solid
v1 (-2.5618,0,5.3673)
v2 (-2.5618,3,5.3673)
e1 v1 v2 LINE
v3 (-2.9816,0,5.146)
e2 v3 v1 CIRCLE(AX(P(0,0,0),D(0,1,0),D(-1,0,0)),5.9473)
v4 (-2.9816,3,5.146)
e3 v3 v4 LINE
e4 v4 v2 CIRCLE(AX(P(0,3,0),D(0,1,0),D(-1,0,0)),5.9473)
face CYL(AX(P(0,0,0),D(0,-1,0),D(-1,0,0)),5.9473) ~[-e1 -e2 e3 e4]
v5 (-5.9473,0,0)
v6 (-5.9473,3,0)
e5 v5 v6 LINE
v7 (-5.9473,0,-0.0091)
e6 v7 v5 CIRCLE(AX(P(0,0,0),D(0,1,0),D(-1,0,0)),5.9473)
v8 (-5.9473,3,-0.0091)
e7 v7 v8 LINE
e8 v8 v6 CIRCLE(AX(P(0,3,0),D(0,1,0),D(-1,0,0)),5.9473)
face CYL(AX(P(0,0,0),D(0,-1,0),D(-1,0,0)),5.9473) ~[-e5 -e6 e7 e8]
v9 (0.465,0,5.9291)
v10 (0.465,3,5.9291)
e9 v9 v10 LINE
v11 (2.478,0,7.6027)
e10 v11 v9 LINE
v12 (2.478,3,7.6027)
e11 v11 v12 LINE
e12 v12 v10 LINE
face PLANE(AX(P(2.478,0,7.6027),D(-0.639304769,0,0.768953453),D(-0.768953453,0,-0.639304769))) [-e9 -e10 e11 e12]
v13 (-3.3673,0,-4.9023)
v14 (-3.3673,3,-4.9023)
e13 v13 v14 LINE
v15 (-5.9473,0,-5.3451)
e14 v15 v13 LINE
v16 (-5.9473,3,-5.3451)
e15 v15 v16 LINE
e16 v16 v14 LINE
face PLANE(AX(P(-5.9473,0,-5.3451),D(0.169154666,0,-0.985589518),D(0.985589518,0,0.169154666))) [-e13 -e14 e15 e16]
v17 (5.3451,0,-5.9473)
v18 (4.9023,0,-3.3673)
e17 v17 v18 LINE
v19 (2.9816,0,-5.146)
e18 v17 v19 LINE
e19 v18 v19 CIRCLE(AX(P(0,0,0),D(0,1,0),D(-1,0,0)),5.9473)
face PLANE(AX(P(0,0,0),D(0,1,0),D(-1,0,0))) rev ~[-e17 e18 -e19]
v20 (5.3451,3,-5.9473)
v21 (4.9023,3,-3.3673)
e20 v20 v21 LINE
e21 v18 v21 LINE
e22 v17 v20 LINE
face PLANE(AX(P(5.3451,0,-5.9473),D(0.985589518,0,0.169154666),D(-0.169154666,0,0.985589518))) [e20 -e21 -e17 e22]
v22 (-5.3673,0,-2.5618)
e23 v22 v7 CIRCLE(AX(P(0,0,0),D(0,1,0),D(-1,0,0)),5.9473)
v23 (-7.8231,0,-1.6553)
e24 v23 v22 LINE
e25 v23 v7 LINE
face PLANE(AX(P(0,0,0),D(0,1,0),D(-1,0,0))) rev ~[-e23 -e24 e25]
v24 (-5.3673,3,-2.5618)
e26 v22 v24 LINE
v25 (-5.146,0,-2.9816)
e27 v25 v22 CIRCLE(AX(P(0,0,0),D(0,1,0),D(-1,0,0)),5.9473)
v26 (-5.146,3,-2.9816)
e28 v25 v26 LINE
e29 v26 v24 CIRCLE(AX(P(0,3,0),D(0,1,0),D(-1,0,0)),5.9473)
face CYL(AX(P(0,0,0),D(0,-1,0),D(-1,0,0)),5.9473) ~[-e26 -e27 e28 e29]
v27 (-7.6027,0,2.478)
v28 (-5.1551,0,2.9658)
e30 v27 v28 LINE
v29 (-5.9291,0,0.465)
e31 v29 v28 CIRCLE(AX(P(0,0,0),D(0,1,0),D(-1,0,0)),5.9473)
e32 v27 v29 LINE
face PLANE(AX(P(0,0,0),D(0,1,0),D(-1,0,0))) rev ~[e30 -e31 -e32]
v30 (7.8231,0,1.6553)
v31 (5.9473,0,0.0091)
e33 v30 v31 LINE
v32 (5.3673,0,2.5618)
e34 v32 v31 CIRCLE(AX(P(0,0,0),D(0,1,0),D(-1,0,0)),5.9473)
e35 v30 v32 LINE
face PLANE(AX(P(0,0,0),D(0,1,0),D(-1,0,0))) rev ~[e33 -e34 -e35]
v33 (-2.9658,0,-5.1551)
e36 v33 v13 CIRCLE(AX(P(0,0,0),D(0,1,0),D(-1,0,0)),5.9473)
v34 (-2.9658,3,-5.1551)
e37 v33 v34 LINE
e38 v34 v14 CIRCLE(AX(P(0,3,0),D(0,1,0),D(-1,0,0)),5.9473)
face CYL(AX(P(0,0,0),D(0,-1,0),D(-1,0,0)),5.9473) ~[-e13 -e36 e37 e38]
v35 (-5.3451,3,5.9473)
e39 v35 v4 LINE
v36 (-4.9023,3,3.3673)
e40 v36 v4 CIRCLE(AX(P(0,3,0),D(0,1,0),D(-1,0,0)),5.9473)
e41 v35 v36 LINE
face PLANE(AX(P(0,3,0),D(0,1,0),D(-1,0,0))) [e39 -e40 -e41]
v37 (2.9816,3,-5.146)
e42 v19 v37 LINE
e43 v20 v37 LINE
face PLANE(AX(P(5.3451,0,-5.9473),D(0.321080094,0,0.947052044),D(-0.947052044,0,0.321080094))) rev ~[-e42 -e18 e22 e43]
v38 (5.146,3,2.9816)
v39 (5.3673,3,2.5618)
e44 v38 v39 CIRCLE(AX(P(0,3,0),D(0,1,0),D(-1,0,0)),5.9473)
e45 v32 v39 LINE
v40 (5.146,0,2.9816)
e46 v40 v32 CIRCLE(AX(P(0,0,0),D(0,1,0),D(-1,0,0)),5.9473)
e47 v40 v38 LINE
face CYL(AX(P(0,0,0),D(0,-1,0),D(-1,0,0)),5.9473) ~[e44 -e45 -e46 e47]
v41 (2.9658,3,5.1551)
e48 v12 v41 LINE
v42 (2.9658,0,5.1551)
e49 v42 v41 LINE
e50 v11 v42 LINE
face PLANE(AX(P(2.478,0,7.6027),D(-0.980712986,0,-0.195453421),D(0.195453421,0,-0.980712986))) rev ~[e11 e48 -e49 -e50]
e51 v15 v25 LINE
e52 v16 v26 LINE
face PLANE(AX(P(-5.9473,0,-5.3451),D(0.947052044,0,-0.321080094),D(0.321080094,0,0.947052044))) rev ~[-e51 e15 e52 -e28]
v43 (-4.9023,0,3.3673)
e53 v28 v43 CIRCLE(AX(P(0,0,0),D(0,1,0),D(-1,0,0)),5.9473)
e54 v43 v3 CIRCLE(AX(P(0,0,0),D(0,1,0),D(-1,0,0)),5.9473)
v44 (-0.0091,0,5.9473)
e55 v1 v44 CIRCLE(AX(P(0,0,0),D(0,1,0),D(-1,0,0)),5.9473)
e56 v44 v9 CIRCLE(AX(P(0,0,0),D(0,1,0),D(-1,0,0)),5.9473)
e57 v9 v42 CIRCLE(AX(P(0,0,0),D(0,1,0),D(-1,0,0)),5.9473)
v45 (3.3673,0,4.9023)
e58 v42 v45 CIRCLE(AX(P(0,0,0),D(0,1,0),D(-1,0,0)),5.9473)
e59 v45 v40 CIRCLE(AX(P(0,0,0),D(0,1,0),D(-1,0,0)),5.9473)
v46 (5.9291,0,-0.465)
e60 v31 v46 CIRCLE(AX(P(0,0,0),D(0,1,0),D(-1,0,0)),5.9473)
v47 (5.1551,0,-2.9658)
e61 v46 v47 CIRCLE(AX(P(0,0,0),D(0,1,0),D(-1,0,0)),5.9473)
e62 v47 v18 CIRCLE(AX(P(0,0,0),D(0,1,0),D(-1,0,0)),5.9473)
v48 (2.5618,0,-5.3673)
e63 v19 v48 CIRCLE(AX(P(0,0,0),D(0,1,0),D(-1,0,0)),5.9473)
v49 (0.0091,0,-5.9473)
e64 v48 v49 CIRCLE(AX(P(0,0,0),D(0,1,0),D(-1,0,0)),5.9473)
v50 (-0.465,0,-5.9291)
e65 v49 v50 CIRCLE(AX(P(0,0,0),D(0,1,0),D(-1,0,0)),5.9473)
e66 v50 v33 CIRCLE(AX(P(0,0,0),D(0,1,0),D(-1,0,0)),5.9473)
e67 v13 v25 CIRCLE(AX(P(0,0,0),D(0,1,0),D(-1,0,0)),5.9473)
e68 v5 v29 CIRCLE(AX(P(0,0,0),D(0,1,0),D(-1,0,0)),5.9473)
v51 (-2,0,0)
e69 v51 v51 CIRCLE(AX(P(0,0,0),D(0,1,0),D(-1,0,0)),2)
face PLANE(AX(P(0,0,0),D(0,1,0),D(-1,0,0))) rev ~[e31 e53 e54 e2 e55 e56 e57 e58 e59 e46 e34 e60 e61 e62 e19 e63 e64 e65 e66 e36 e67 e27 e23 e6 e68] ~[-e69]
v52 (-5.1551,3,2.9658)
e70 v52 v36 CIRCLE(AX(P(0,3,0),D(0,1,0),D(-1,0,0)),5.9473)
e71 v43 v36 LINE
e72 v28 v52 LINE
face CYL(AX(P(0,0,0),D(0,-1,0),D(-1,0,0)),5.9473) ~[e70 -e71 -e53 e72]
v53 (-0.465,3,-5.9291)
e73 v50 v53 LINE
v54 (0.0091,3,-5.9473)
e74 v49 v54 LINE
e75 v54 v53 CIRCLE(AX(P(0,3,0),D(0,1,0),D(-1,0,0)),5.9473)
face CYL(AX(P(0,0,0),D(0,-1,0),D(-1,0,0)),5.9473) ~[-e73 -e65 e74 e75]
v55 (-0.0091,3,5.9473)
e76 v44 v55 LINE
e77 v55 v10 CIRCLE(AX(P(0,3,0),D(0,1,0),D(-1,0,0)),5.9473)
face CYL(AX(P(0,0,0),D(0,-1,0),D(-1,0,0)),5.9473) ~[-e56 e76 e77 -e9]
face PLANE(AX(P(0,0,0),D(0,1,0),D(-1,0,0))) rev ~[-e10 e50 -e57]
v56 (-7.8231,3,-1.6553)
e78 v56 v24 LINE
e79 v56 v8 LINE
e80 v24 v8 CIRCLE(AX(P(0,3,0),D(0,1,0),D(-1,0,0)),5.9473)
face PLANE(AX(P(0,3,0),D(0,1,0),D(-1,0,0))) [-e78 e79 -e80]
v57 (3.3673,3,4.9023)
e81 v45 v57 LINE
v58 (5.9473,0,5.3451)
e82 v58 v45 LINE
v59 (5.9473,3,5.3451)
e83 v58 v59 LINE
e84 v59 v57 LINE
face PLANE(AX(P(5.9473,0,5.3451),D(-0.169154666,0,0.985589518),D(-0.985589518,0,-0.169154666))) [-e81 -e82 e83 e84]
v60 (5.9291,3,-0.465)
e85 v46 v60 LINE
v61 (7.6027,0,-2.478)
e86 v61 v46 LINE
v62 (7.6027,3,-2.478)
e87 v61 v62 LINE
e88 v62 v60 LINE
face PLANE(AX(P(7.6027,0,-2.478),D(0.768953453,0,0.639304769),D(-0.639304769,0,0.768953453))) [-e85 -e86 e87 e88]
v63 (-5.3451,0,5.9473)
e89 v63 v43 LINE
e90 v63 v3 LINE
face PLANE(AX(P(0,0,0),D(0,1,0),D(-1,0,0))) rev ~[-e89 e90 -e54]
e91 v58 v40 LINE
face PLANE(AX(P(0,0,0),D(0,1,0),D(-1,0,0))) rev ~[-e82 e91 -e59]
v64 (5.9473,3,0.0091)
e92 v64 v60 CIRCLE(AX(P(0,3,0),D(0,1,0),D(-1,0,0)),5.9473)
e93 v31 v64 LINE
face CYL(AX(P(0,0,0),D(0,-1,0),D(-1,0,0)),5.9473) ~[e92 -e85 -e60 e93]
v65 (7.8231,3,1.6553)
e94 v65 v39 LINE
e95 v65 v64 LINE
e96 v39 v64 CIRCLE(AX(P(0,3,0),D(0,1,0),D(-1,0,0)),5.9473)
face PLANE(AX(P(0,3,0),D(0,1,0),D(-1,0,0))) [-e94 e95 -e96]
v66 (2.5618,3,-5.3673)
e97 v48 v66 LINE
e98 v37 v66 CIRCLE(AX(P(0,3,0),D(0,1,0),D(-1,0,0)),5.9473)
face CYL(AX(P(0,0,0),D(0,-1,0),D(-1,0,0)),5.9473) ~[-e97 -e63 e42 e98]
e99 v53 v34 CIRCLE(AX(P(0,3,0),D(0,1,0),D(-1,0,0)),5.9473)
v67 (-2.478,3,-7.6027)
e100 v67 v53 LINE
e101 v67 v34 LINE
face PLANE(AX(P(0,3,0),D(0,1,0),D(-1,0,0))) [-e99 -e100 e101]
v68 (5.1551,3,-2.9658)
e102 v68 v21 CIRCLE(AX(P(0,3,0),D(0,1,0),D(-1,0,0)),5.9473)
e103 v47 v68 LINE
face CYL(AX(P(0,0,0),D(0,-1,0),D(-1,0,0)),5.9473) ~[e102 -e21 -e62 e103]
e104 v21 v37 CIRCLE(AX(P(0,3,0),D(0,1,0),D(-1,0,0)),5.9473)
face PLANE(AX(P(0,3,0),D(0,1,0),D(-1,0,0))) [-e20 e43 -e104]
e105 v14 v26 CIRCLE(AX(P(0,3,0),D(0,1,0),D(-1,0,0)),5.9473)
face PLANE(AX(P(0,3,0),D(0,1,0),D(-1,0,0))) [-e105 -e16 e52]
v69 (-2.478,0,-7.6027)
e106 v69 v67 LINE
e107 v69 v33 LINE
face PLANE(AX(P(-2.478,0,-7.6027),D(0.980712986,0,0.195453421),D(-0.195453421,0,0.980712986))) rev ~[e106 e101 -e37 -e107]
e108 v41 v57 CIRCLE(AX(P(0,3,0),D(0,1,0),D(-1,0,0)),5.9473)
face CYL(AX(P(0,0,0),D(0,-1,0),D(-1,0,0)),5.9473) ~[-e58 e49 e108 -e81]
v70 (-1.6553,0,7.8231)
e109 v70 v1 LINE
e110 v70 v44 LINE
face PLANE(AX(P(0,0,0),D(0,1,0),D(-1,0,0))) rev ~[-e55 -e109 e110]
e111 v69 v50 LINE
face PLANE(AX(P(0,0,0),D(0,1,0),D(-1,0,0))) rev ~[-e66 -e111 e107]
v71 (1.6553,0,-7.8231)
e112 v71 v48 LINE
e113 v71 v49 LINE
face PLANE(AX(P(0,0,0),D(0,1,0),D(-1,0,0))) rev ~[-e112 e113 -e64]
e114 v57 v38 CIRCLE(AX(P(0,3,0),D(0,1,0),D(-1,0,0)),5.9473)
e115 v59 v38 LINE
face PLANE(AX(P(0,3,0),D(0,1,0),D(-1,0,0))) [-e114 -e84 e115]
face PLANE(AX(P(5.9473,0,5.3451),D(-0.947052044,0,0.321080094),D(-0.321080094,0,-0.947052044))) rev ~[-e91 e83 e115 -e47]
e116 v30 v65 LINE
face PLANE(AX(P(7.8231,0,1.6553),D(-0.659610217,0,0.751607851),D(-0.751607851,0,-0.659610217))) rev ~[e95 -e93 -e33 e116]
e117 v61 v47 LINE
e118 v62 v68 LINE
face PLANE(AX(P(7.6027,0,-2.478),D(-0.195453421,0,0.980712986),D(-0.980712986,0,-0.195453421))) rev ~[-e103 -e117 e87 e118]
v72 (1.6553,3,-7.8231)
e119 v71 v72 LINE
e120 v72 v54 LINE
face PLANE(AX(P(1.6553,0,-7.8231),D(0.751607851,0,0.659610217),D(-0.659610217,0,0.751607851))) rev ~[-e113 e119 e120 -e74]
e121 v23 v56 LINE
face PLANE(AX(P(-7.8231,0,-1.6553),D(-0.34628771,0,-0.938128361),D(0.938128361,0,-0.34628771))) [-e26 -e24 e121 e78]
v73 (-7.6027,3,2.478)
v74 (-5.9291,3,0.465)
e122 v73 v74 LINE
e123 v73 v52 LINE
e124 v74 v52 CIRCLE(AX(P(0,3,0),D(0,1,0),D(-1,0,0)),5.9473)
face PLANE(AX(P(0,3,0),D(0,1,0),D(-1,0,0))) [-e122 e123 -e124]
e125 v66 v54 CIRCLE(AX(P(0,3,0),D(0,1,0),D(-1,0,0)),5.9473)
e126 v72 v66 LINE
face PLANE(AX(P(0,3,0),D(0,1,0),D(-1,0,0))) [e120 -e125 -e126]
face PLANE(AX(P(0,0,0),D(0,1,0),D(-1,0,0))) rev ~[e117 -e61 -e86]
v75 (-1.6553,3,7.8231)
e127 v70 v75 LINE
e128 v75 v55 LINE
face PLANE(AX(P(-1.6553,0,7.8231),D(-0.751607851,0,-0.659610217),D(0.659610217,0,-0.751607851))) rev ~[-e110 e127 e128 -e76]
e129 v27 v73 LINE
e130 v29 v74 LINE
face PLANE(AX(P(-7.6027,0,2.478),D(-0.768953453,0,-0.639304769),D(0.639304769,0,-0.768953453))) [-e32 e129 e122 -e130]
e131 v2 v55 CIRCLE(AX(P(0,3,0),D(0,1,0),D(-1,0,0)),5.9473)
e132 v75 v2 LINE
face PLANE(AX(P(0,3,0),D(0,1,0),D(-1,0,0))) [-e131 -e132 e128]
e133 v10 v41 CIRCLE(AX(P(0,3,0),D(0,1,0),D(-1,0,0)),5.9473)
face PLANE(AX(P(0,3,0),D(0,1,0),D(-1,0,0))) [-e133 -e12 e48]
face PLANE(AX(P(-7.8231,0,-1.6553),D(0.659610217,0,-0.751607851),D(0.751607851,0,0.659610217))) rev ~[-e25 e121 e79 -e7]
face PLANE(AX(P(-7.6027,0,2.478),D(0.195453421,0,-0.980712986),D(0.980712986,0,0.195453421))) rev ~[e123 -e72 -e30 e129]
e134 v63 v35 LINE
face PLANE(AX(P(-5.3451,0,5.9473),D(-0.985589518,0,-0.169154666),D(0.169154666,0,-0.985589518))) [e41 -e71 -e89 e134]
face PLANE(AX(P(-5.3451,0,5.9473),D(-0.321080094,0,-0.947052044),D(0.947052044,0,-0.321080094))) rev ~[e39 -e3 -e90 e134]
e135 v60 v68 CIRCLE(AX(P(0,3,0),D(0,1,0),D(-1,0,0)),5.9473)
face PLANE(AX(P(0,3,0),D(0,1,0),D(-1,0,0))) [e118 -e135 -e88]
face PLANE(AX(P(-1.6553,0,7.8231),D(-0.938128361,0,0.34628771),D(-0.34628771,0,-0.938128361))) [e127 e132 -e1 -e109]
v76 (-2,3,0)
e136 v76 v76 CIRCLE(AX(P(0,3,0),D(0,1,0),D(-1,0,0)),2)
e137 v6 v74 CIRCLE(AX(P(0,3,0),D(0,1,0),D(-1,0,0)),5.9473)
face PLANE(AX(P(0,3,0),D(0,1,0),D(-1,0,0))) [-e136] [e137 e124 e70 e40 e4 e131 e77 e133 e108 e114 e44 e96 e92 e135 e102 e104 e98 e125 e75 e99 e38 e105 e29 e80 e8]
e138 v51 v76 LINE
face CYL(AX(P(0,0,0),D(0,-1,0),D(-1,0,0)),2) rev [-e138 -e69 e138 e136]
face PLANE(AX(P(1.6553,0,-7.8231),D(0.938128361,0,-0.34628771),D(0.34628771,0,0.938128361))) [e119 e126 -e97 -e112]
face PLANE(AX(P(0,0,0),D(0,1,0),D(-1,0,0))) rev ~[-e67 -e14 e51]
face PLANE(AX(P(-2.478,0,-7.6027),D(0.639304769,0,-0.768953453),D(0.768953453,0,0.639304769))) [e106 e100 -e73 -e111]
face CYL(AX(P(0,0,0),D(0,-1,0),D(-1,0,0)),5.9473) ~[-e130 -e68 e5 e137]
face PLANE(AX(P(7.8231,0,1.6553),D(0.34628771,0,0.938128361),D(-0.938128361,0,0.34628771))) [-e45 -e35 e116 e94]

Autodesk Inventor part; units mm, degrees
ref_plane "YZ Plane" through (0, 0, 0) normal (1, 0, 0) x (0, 1, 0)
ref_plane "XZ Plane" through (0, 0, 0) normal (0, 1, 0) x (-1, 0, 0)
ref_plane "XY Plane" through (0, 0, 0) normal (0, 0, 1) x (1, 0, 0)
sketch "Sketch1" plane through (0, 0, 0) normal (0, 1, 0) x (-1, 0, 0)
  circle A0 centre (0, 0) radius 2
  circle A1 centre (0, 0) radius 5.9473
  line L0 (5.3451, 5.9473) -> (2.9816, 5.146)
  line L1 (5.3451, 5.9473) -> (4.9023, 3.3673)
  line L2 (1.6553, 7.8231) -> (0.0091, 5.9473)
  line L3 (1.6553, 7.8231) -> (2.5618, 5.3673)
  line L4 (-2.478, 7.6027) -> (-2.9658, 5.1551)
  line L5 (-2.478, 7.6027) -> (-0.465, 5.9291)
  line L6 (-5.9473, 5.3451) -> (-5.146, 2.9816)
  line L7 (-5.9473, 5.3451) -> (-3.3673, 4.9023)
  line L8 (-7.8231, 1.6553) -> (-5.9473, 0.0091)
  line L9 (-7.8231, 1.6553) -> (-5.3673, 2.5618)
  line L10 (-7.6027, -2.478) -> (-5.1551, -2.9658)
  line L11 (-7.6027, -2.478) -> (-5.9291, -0.465)
  line L12 (-5.3451, -5.9473) -> (-2.9816, -5.146)
  line L13 (-5.3451, -5.9473) -> (-4.9023, -3.3673)
  line L14 (-1.6553, -7.8231) -> (-0.0091, -5.9473)
  line L15 (-1.6553, -7.8231) -> (-2.5618, -5.3673)
  line L16 (2.478, -7.6027) -> (2.9658, -5.1551)
  line L17 (2.478, -7.6027) -> (0.465, -5.9291)
  line L18 (5.9473, -5.3451) -> (5.146, -2.9816)
  line L19 (5.9473, -5.3451) -> (3.3673, -4.9023)
  line L20 (7.8231, -1.6553) -> (5.9473, -0.0091)
  line L21 (7.8231, -1.6553) -> (5.3673, -2.5618)
  line L22 (7.6027, 2.478) -> (5.1551, 2.9658)
  line L23 (7.6027, 2.478) -> (5.9291, 0.465)
  dimension "d0" = 4
  dimension "d3" = 360
extrude "Extrusion1" add sketch "Sketch1" along normal blind 3
properties part number "gir"
